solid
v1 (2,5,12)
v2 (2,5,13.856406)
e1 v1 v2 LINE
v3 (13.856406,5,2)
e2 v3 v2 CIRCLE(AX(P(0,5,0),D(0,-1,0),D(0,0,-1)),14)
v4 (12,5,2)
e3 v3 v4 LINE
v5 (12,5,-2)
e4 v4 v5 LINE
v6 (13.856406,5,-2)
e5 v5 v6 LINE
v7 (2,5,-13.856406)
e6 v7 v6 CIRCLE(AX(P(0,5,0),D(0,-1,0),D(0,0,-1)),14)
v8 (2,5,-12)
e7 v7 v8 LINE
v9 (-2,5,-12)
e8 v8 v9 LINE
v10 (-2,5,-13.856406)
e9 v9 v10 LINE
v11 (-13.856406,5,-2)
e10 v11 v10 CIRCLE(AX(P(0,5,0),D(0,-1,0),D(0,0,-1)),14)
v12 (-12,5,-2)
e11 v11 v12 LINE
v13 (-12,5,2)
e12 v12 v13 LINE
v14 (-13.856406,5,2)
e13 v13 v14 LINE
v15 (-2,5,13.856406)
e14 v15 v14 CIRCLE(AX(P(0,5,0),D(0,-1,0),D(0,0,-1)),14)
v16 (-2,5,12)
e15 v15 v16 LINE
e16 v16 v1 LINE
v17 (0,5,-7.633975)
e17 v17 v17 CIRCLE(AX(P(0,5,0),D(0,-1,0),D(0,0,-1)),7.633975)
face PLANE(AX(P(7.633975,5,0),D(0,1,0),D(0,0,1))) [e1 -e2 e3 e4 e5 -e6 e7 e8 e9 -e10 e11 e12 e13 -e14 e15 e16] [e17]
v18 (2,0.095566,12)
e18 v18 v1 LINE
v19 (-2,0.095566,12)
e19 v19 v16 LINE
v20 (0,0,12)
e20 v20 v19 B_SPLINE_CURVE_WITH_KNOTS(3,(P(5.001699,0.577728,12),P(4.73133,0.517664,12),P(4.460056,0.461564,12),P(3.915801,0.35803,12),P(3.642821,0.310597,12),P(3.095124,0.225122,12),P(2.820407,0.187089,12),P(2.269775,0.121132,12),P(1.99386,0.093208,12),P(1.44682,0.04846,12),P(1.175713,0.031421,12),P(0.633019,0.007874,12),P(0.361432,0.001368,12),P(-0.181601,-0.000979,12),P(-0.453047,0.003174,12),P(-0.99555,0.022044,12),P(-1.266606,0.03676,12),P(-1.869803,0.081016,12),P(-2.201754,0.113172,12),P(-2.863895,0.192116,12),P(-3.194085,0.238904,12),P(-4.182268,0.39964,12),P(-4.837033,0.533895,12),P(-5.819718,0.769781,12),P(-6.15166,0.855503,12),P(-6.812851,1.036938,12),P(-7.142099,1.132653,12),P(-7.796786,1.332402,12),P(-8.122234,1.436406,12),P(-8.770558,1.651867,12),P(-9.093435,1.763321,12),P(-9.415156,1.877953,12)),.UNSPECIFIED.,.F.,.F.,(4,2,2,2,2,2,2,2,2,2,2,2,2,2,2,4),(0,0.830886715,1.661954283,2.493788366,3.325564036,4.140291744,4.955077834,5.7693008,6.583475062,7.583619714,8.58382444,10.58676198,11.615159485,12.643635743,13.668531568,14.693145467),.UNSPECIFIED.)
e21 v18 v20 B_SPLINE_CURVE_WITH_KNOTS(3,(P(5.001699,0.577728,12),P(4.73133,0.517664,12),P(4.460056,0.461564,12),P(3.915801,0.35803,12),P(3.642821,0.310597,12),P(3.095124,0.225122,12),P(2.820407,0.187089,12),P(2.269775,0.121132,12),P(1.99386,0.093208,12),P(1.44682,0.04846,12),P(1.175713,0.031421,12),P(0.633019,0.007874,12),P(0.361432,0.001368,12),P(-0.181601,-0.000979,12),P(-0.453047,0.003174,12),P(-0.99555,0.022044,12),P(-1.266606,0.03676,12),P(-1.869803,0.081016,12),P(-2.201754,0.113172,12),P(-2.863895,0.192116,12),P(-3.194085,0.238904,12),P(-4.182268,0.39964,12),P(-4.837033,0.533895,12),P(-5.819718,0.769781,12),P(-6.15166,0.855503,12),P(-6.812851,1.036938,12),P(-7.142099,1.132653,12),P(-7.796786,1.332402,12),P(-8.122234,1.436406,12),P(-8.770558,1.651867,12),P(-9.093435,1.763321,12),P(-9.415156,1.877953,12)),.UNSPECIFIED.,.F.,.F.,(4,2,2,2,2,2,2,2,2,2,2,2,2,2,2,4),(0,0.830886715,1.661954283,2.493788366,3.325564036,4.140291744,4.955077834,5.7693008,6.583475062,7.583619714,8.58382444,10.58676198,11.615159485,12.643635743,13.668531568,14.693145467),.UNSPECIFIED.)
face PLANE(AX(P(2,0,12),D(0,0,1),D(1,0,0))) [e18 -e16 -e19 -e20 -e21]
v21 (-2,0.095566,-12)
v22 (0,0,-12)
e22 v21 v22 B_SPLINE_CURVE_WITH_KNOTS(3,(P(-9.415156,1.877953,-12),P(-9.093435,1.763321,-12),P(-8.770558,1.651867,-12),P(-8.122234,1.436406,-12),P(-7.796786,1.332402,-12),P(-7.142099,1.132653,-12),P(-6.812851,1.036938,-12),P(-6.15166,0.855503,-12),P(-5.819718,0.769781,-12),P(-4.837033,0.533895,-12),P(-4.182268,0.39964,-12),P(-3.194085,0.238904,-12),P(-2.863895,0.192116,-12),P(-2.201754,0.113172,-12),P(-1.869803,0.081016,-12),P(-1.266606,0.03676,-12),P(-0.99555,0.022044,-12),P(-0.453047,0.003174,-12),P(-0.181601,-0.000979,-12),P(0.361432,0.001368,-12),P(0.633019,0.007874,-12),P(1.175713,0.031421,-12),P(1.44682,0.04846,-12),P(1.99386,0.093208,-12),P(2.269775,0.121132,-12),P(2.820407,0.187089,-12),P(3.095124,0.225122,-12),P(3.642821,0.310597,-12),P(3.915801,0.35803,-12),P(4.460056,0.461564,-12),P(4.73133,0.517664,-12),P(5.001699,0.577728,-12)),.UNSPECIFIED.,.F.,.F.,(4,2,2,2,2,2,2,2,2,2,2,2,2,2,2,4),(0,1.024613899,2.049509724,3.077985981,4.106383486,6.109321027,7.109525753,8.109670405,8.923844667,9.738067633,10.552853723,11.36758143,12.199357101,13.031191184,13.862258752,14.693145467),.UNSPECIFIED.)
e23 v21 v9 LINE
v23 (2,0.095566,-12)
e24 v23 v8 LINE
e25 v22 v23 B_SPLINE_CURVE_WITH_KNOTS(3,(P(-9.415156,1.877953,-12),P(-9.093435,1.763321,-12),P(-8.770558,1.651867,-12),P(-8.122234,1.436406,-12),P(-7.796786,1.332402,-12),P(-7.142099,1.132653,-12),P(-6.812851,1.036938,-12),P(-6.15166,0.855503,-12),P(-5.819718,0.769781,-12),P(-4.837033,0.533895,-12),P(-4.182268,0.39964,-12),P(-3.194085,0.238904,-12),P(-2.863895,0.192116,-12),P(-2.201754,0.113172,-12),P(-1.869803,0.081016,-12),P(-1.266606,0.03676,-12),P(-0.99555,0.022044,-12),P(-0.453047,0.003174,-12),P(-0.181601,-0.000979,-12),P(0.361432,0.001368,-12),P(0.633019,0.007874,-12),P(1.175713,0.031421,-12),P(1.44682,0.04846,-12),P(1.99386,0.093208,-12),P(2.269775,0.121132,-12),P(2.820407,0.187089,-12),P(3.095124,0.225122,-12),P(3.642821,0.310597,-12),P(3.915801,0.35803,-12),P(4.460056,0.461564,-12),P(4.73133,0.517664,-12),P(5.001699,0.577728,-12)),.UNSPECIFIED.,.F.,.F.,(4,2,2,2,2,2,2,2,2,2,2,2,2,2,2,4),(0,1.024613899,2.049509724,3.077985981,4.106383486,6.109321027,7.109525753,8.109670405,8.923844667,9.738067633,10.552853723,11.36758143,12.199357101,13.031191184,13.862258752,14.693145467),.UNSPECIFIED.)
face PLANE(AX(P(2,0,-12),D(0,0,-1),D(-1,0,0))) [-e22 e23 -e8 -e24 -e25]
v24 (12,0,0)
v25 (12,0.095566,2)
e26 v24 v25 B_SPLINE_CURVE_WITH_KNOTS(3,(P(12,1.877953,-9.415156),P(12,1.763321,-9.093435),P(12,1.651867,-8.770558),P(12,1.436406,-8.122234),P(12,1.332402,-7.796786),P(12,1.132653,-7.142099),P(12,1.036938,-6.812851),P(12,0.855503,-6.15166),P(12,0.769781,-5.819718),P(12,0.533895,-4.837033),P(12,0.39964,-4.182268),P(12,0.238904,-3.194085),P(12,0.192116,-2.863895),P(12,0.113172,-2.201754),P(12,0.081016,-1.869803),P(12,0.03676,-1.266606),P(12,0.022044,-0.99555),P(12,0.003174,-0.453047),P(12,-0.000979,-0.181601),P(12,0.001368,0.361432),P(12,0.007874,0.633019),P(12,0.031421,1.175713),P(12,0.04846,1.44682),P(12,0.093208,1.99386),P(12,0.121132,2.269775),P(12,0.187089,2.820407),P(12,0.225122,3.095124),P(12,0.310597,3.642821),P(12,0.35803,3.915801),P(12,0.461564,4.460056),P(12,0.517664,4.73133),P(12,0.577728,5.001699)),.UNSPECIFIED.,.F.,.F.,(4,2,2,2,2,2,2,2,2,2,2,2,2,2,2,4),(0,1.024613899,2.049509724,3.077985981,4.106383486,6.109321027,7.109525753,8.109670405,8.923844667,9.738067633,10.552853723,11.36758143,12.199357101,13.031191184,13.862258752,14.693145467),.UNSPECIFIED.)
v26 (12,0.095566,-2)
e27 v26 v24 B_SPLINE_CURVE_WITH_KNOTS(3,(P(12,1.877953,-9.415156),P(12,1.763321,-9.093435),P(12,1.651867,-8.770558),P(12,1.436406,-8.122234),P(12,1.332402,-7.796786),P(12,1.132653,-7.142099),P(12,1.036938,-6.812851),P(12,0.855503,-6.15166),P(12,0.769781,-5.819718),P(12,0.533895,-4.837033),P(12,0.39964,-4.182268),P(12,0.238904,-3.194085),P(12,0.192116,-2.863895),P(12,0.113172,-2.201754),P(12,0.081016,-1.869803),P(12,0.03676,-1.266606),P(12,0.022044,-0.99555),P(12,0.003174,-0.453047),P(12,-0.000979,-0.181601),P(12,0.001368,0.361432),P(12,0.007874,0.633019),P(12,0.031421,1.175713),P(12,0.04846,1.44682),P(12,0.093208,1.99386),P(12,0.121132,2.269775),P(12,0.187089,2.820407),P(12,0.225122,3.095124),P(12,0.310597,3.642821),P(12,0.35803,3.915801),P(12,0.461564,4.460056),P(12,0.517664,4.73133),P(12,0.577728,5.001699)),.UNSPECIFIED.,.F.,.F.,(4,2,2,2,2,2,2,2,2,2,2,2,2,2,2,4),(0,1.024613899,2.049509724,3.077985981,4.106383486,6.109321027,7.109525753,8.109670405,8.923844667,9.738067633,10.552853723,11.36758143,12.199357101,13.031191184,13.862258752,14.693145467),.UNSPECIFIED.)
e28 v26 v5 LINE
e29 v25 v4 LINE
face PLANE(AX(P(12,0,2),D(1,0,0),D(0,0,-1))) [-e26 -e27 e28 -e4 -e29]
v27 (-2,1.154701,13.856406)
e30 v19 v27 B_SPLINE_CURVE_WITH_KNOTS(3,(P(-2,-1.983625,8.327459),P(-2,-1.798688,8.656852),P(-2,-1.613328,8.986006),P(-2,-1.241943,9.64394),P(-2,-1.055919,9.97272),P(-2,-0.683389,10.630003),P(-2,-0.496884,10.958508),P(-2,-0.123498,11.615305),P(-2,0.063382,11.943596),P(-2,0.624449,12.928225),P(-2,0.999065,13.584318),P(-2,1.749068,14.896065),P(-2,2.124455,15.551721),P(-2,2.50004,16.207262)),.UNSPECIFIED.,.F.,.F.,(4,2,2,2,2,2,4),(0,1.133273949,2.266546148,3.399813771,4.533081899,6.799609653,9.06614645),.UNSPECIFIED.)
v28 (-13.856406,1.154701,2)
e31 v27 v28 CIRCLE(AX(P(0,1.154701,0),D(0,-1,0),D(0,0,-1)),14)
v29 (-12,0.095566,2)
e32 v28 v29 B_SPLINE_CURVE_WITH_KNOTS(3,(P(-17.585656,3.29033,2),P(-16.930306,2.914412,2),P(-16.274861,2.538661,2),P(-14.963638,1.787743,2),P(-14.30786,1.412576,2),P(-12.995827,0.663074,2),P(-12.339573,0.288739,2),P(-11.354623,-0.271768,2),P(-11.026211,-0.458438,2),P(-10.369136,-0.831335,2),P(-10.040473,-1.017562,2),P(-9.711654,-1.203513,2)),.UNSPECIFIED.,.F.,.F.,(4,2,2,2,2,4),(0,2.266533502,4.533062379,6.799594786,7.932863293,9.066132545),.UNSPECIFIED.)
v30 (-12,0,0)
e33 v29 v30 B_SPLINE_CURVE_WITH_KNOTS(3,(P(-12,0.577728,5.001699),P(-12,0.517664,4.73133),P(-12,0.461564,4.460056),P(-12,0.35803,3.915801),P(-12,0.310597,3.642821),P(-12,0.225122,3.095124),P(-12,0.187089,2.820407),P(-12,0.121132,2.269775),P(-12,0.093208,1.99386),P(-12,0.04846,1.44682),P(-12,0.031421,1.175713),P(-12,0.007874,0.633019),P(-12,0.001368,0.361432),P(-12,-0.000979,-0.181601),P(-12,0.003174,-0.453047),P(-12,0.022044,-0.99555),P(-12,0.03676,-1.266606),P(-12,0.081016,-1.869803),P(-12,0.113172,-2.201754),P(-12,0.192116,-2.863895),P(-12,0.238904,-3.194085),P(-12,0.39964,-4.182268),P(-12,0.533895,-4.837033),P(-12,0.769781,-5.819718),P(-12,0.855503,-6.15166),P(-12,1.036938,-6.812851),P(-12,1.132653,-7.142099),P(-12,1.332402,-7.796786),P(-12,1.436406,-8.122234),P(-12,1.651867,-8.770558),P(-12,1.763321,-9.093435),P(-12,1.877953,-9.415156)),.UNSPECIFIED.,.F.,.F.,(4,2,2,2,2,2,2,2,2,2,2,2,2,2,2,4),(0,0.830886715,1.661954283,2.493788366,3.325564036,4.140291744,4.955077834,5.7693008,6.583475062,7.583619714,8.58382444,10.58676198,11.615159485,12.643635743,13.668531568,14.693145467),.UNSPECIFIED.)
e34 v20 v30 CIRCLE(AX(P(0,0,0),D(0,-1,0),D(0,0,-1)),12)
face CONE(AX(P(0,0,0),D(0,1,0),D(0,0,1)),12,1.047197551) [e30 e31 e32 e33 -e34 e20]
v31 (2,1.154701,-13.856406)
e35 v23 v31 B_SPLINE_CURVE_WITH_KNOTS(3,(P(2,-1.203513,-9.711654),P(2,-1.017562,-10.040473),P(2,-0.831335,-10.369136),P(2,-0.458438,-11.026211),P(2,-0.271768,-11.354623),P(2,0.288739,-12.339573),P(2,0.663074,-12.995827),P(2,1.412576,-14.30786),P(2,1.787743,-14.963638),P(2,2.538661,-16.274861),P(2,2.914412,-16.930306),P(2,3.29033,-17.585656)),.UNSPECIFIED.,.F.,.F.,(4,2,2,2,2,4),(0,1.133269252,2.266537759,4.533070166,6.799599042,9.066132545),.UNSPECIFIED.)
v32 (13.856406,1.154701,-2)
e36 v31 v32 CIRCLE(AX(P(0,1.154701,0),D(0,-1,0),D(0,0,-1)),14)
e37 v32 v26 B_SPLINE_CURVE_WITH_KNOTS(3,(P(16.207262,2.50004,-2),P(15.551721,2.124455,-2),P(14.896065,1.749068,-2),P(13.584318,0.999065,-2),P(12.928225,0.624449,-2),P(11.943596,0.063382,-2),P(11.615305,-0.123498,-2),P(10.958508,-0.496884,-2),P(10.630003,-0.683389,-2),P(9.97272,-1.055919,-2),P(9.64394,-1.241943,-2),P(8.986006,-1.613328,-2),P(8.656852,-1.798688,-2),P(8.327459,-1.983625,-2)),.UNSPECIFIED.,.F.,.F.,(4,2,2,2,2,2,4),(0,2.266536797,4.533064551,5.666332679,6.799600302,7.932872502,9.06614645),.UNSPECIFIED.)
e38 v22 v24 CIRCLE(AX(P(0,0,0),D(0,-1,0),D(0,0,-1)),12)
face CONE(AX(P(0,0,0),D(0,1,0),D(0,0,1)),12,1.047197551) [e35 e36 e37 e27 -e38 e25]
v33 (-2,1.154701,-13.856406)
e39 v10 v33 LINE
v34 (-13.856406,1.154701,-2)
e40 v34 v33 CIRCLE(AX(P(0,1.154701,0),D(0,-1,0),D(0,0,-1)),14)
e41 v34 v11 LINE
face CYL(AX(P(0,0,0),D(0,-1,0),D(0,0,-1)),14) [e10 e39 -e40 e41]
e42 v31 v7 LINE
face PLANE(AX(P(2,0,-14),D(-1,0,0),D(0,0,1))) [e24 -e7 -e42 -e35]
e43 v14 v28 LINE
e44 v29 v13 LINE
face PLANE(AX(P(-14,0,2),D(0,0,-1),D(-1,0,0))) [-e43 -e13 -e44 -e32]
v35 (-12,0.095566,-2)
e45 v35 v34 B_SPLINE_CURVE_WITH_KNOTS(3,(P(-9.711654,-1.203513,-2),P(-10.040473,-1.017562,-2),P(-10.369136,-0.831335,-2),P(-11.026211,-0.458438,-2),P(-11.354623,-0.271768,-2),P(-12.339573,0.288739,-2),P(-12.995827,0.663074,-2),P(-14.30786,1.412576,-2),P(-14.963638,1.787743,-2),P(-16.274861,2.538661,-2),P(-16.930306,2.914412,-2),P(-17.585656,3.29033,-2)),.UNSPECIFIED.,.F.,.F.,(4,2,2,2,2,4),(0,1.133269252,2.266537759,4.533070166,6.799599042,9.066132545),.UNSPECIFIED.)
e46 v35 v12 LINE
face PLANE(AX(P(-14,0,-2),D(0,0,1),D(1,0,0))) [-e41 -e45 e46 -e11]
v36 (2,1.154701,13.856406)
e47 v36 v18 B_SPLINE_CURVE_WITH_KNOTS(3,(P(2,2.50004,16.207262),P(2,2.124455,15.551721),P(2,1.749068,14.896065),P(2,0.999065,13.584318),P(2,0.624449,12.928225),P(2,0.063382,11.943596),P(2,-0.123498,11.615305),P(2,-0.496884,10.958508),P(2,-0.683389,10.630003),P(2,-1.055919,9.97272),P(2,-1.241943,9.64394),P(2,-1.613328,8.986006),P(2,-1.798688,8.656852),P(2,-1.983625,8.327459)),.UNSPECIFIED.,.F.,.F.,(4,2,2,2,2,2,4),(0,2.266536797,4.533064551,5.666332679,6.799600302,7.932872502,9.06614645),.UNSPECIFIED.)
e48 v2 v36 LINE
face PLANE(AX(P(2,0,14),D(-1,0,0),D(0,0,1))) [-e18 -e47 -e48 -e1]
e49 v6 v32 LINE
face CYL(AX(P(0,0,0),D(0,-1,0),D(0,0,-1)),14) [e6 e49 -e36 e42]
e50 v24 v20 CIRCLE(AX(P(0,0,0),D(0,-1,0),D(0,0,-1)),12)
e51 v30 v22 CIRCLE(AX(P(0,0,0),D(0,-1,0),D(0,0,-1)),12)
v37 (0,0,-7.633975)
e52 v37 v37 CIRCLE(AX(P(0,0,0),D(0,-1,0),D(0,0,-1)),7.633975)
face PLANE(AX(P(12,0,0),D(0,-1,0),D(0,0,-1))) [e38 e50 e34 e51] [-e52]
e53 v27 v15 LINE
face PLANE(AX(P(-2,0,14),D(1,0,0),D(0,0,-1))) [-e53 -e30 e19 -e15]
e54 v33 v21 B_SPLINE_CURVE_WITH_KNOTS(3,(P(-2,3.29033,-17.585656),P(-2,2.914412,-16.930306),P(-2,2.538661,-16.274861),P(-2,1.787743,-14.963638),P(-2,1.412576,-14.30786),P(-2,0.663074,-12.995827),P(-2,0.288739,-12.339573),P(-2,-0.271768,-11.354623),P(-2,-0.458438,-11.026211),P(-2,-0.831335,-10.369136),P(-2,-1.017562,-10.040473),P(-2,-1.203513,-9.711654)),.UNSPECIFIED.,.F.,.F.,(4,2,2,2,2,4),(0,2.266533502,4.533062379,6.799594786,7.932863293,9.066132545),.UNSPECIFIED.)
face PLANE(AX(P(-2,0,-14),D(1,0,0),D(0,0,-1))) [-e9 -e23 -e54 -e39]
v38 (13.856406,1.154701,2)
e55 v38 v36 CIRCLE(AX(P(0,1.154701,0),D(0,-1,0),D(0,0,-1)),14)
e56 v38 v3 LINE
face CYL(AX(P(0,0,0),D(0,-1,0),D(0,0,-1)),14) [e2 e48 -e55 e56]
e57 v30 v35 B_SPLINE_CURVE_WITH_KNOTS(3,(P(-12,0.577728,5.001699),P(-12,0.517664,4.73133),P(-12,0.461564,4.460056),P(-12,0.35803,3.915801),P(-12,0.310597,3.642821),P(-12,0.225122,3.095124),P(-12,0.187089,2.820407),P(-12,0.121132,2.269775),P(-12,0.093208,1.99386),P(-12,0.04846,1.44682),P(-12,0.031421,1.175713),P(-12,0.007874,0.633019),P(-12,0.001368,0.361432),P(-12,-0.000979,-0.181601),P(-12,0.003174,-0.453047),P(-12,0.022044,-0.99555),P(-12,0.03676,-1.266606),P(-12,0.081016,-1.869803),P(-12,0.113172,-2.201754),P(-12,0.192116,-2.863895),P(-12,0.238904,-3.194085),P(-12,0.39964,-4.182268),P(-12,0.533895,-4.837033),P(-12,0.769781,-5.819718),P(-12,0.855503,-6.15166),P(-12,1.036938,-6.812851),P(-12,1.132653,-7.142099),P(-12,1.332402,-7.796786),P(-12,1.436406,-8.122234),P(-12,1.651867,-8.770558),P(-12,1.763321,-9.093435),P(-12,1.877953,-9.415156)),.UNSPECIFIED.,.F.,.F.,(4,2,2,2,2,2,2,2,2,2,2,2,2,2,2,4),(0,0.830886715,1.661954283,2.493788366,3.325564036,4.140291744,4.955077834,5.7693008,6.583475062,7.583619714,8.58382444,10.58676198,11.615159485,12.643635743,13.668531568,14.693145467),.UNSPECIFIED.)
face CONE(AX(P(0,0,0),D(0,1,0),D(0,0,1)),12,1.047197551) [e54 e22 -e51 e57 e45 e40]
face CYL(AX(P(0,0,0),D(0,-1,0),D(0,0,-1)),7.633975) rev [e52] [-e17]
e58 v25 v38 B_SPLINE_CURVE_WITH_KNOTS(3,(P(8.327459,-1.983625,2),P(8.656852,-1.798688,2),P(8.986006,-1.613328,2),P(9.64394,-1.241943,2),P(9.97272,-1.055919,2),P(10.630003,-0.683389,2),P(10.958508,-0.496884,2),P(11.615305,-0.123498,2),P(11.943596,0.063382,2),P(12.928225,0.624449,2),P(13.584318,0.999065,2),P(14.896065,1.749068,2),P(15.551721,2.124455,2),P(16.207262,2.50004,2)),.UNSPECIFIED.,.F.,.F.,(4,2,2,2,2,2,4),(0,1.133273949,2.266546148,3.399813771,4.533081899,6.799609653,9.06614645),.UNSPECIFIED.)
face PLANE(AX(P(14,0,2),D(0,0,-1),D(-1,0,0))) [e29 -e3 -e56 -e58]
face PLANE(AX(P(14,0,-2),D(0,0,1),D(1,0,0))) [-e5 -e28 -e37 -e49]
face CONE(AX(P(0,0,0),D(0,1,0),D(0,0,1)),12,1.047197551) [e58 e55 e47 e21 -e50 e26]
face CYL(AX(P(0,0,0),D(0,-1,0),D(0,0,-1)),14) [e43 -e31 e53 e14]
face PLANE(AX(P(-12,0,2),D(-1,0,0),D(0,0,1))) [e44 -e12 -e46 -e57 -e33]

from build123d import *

# Parameters (mm, degrees)
ESQUISSE2_W    = 4
ESQUISSE2_H    = 2
ESQUISSE2_W_2  = 2
ESQUISSE2_H_2  = 4
ENCOCHES_DEPTH = 24.34523506


with BuildPart() as part:
    # Esquisse1 → Base (revolve)
    with BuildSketch(Plane.XY, mode=Mode.PRIVATE) as base_sk:
        Polygon((7.633974596, 5), (14, 5), (14, 1.154700538), (12, 0), (7.633974596, 0), align=None)
    revolve(base_sk.sketch.rotate(Axis((0, 0, 0), (0, 1, 0)), 90), axis=Axis((0, 0, 0), (0, 1, 0)))

    # Esquisse2 → Encoches (cut, through all)
    with BuildSketch(Plane(origin=(0, 5, -4), x_dir=(1, 0, 0), z_dir=(0, -1, 0))):
        with Locations((0, -9)):
            Rectangle(ESQUISSE2_W, ESQUISSE2_H)
        with Locations((0, 17)):
            Rectangle(ESQUISSE2_W, ESQUISSE2_H)
        with Locations((13, 4)):
            Rectangle(ESQUISSE2_W_2, ESQUISSE2_H_2)
        with Locations((-13, 4)):
            Rectangle(ESQUISSE2_W_2, ESQUISSE2_H_2)
    extrude(amount=ENCOCHES_DEPTH, mode=Mode.SUBTRACT)


solid = part.part
